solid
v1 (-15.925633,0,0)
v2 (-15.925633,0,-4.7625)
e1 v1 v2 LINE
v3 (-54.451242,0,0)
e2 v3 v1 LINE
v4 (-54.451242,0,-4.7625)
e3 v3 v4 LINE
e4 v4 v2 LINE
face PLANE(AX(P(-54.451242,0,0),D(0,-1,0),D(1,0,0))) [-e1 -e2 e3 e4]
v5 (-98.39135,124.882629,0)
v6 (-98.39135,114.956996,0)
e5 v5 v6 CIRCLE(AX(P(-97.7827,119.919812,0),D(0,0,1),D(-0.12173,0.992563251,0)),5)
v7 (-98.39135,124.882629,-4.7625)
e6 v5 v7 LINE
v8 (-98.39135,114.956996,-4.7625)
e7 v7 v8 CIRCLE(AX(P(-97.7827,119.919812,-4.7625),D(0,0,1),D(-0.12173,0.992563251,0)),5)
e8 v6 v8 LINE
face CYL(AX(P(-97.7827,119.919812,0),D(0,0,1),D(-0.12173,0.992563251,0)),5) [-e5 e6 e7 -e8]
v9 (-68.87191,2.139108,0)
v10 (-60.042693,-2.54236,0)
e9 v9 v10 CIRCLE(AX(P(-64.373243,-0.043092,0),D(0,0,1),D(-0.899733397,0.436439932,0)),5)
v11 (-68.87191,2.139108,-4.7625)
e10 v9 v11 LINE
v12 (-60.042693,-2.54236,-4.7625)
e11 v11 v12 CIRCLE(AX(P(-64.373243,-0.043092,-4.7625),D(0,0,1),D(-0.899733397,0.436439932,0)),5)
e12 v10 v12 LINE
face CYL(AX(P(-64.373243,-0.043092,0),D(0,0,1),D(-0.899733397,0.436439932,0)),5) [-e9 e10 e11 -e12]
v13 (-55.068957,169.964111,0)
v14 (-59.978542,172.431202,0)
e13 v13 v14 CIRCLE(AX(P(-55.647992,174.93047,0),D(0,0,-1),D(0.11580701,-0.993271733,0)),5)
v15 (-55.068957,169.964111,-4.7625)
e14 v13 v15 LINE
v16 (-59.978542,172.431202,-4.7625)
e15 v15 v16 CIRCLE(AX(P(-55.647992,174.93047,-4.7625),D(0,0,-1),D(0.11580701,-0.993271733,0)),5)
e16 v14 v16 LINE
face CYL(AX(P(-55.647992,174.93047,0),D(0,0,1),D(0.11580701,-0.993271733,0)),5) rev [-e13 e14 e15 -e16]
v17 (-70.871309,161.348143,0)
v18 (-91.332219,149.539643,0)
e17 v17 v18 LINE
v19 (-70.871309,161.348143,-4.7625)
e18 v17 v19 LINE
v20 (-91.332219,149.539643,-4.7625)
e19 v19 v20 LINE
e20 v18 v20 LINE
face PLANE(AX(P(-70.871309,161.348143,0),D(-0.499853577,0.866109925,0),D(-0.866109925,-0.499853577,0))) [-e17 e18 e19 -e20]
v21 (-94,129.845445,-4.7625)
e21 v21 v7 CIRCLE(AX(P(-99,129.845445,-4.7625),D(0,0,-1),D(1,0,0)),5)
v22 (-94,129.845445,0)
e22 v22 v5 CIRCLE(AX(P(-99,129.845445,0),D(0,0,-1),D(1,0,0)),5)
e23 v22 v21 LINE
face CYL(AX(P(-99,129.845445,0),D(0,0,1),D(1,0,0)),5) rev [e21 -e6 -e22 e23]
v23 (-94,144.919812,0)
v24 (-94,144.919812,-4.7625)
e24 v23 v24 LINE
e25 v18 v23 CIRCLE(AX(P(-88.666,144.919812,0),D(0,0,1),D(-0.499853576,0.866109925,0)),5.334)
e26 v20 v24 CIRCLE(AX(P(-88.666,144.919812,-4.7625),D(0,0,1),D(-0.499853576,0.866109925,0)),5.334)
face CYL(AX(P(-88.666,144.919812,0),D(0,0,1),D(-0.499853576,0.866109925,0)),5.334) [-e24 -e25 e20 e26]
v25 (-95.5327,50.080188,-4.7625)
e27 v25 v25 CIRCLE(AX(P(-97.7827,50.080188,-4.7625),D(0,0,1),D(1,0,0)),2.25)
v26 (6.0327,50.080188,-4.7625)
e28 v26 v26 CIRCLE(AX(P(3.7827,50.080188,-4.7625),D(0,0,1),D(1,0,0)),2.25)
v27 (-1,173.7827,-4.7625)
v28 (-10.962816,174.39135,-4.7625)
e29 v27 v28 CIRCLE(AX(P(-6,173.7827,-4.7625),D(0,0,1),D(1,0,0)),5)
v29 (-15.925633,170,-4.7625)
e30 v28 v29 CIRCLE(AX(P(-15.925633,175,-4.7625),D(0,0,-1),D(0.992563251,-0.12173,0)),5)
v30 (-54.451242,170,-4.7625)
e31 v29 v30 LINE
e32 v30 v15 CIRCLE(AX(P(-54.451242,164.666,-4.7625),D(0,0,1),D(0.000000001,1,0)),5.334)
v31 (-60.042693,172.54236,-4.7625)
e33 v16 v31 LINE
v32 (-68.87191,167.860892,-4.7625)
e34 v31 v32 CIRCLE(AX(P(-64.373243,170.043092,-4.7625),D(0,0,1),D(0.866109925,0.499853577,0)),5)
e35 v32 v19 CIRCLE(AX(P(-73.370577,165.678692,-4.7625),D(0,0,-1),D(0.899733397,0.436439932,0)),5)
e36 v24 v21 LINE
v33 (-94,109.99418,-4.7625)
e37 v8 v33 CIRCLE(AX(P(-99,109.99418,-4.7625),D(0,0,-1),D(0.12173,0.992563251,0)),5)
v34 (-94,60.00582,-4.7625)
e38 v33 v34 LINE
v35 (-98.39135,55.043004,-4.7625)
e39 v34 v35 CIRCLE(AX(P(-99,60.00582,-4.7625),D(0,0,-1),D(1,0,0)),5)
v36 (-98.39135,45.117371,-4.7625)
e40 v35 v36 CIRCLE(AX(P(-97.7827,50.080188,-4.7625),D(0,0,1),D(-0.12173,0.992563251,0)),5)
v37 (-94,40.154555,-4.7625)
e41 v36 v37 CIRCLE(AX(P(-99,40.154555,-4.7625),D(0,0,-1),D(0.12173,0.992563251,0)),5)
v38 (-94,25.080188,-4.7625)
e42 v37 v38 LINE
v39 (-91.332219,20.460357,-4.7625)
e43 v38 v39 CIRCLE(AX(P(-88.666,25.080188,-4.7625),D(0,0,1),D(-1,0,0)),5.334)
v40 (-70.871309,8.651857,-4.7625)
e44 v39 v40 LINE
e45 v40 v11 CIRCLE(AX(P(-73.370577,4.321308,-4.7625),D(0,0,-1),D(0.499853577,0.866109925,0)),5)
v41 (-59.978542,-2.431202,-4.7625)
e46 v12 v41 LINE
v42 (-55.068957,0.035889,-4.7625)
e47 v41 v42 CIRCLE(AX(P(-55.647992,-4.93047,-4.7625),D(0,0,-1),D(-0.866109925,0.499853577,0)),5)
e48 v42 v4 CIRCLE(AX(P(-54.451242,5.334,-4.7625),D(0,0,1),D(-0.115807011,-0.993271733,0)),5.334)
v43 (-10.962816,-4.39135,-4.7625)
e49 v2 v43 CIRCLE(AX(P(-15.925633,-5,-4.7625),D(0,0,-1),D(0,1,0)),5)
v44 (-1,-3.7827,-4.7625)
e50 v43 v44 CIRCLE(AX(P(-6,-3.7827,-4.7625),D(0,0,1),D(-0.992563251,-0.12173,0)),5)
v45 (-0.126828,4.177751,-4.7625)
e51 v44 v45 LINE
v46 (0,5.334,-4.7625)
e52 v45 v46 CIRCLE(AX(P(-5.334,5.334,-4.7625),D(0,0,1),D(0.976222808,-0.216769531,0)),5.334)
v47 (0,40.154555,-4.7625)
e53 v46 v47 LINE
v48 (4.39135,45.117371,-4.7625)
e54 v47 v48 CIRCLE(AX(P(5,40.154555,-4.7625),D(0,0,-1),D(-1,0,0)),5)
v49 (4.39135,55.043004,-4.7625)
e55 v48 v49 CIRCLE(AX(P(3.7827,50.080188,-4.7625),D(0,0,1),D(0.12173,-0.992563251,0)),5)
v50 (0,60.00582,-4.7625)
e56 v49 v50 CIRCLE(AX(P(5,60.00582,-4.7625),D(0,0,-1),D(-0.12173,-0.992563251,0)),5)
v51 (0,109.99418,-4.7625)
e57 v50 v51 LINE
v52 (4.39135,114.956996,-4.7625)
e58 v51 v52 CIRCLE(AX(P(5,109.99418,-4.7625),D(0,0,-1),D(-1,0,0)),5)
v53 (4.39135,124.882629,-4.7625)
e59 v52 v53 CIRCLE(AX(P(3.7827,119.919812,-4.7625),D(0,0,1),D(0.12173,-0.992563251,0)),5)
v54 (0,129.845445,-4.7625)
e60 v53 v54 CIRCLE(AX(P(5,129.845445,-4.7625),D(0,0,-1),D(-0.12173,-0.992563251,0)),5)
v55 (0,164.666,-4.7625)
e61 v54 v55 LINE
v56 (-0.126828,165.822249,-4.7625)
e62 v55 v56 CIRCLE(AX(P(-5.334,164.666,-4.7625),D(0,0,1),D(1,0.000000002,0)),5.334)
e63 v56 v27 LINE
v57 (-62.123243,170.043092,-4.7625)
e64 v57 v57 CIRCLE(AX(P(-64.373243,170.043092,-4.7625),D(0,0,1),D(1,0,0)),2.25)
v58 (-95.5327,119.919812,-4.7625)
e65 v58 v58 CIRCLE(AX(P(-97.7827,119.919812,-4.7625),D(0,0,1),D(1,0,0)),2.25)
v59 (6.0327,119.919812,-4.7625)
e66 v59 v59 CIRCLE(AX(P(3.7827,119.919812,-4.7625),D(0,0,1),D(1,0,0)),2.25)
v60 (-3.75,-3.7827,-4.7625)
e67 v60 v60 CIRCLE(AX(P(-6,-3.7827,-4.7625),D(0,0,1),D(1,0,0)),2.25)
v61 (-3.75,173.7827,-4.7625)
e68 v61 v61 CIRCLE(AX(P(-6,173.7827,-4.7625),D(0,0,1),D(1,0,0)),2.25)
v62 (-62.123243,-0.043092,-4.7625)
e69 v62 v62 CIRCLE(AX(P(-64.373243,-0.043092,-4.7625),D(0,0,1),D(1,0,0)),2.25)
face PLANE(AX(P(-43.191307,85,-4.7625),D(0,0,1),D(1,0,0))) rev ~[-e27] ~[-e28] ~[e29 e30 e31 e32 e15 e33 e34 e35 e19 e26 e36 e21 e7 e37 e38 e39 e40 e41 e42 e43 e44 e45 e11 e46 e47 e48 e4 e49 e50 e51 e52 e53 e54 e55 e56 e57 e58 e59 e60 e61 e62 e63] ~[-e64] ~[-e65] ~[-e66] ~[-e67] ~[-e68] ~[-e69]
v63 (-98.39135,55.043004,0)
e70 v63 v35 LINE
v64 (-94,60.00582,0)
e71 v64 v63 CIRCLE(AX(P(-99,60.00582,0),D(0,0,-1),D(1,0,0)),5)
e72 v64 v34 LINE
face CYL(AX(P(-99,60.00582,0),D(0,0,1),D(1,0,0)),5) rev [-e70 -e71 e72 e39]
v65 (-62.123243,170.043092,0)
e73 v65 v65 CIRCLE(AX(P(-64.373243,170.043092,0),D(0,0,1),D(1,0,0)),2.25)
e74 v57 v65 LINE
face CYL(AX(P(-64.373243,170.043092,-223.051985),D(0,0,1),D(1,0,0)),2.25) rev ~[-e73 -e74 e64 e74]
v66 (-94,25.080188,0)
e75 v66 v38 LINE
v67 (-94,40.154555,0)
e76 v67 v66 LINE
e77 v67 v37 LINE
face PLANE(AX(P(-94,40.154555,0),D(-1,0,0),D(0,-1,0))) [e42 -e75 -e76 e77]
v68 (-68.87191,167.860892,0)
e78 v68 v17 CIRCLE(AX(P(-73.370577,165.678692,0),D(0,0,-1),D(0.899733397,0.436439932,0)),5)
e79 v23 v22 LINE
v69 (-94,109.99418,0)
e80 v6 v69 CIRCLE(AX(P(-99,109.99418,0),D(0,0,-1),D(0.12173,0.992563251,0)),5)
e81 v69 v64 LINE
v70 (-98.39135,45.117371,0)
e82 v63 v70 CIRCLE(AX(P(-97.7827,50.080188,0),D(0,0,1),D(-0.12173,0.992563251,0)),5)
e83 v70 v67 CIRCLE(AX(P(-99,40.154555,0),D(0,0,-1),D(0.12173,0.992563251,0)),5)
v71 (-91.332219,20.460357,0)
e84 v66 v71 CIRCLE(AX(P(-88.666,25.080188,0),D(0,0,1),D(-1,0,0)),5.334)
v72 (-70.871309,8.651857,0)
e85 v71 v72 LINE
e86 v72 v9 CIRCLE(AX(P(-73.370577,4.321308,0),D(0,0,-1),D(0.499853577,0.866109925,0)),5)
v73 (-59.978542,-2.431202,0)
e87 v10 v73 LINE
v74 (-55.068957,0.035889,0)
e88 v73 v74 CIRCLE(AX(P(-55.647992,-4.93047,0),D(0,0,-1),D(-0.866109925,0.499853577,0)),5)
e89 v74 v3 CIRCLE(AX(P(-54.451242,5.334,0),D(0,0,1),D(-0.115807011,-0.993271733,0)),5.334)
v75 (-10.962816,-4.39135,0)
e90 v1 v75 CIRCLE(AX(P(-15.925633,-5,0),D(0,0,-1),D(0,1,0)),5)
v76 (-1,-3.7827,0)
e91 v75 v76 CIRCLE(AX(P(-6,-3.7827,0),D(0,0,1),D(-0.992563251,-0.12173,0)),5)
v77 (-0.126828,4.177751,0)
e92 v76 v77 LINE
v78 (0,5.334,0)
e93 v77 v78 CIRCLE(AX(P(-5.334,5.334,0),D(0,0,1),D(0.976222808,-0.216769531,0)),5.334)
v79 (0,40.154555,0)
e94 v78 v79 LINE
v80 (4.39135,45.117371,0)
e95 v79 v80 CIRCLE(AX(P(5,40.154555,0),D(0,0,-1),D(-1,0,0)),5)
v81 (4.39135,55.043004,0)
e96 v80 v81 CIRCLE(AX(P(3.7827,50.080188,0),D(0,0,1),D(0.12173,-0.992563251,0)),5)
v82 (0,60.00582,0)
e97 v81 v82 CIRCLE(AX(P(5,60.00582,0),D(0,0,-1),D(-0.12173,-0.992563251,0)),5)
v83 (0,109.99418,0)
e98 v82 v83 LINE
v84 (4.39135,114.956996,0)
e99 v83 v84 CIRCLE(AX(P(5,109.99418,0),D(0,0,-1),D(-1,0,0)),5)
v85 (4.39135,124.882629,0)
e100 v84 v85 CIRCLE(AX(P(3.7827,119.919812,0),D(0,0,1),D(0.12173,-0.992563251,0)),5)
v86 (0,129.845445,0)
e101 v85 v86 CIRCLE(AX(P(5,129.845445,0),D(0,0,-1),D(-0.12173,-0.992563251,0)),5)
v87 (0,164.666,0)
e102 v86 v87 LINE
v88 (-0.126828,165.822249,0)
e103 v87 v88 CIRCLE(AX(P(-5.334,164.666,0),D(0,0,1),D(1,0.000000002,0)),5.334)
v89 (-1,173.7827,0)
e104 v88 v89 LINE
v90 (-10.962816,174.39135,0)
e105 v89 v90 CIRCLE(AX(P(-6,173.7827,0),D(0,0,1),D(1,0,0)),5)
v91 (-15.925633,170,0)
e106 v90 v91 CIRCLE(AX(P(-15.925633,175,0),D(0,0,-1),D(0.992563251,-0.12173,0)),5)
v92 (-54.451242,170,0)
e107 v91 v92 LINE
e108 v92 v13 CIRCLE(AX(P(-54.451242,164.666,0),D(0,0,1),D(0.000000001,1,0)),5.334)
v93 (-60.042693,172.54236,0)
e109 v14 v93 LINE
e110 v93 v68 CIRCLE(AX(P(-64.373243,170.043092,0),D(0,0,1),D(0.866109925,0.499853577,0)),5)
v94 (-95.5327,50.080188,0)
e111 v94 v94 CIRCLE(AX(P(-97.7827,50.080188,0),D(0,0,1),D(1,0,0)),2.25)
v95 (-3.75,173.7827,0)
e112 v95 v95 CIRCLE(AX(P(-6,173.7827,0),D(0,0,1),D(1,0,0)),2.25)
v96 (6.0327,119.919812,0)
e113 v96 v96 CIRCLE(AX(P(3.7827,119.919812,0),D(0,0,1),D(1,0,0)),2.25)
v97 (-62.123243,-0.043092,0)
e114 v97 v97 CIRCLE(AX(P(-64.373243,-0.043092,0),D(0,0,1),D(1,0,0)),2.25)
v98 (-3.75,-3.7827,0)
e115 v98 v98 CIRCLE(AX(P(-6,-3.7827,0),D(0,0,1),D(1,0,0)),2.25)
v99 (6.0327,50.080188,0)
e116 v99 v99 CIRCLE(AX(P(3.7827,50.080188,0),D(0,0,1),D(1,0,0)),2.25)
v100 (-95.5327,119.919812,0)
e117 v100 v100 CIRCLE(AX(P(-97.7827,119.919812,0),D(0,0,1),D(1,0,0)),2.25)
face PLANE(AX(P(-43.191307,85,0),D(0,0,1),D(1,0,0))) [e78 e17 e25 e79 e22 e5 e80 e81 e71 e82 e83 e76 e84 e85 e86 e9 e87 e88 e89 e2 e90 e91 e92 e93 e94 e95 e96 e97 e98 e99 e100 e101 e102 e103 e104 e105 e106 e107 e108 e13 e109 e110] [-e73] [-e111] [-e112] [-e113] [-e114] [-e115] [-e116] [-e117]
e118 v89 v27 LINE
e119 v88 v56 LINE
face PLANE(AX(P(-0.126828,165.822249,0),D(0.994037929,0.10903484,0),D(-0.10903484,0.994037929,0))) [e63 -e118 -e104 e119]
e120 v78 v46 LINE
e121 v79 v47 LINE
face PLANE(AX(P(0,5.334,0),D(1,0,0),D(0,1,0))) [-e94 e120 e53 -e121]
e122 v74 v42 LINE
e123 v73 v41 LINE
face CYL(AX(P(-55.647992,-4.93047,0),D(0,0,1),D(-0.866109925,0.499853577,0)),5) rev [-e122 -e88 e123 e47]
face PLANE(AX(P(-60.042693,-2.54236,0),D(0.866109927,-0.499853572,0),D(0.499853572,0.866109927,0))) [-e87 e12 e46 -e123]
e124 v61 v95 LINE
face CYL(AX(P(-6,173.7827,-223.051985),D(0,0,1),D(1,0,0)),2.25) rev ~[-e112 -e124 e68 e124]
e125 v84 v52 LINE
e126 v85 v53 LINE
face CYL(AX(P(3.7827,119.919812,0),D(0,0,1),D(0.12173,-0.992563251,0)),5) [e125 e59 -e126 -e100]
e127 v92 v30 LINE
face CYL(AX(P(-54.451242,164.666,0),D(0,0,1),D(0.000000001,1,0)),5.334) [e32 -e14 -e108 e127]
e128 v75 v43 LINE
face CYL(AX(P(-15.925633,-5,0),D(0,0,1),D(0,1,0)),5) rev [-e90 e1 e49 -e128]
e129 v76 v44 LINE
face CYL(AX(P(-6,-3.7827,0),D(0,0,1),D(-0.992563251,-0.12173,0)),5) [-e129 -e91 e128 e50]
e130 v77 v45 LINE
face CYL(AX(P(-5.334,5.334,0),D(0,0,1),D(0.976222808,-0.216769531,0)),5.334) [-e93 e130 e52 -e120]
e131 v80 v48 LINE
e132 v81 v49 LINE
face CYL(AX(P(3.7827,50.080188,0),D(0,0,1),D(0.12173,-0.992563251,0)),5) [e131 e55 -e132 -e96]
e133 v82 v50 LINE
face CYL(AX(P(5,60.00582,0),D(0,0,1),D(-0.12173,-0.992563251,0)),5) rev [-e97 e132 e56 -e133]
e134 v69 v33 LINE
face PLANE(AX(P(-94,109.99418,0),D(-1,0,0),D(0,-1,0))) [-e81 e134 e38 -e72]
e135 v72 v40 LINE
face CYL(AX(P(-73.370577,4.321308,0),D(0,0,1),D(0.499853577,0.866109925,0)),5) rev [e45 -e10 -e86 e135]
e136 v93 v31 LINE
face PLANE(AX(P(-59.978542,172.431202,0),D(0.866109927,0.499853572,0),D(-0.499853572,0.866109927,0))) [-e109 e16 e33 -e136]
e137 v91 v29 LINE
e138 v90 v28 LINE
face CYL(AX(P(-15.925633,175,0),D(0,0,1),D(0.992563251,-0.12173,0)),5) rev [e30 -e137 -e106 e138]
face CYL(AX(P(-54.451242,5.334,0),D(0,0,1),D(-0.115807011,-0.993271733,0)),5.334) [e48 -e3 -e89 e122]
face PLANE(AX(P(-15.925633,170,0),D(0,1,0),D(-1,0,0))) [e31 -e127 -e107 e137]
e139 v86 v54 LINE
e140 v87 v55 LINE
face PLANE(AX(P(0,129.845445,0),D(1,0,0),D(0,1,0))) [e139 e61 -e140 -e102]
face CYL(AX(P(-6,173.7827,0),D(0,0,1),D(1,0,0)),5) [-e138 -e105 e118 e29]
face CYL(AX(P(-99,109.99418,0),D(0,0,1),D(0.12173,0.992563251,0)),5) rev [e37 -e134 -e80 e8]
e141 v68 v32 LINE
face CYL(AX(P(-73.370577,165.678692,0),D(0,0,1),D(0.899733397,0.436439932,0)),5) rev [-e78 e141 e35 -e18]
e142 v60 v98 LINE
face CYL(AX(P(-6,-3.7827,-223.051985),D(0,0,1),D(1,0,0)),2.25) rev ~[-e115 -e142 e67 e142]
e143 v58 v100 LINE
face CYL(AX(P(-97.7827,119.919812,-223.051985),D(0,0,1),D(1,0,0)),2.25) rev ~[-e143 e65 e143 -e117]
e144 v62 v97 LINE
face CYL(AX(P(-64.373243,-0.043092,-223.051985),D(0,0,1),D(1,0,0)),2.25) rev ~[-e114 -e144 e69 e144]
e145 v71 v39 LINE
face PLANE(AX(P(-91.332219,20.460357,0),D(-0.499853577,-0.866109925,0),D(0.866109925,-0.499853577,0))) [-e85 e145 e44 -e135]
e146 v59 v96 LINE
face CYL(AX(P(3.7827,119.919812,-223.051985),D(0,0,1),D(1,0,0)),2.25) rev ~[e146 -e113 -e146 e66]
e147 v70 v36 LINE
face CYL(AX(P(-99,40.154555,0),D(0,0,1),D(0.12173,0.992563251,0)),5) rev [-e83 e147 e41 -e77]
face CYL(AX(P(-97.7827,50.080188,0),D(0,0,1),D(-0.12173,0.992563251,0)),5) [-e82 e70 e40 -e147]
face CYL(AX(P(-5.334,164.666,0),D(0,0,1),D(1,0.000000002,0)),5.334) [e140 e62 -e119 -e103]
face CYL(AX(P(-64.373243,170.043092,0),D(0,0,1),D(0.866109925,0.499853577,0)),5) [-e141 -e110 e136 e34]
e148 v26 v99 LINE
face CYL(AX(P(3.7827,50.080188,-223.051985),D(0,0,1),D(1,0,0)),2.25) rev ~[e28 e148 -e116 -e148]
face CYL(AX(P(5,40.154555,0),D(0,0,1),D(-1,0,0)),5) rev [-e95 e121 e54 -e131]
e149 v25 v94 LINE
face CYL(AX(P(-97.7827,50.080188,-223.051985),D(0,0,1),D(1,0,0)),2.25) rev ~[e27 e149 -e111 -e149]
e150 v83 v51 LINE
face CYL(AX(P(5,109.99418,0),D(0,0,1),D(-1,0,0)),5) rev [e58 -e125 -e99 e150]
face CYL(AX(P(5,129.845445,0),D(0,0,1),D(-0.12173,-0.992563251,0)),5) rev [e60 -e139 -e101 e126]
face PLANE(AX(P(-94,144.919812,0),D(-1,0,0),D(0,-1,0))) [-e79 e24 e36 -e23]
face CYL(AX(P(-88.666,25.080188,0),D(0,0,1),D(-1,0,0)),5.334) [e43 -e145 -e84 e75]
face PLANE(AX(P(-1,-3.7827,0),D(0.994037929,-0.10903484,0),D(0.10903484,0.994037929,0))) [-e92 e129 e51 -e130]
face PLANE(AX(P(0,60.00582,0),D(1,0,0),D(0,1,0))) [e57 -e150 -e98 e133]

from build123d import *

# Parameters (mm, degrees)
BOSS_EXTRUDE1_DEPTH  = 4.7625
M4_CLEARANCE_HOLE1_D = 4.5


with BuildPart() as part:
    # Sketch1 → Boss-Extrude1 (new body)
    with BuildSketch(Plane.XY):
        with BuildLine():
            Line((-94, 144.919812433), (-94, 129.845444943))
            ThreePointArc((-94, 129.845444943), (-95.255453966, 126.532081848), (-98.39135, 124.882628688))
            ThreePointArc((-98.39135, 124.882628688), (-102.7827, 119.919812433), (-98.39135, 114.956996179))
            ThreePointArc((-98.39135, 114.956996179), (-95.255453966, 113.307543019), (-94, 109.994179924))
            Line((-94, 109.994179924), (-94, 60.005820076))
            ThreePointArc((-94, 60.005820076), (-95.255453966, 56.692456981), (-98.39135, 55.043003821))
            ThreePointArc((-98.39135, 55.043003821), (-102.7827, 50.080187567), (-98.39135, 45.117371312))
            ThreePointArc((-98.39135, 45.117371312), (-95.255453966, 43.467918152), (-94, 40.154555057))
            Line((-94, 40.154555057), (-94, 25.080187567))
            ThreePointArc((-94, 25.080187567), (-93.285154037, 22.412797084), (-91.332218978, 20.460357228))
            Line((-91.332218978, 20.460357228), (-70.871308953, 8.651857213))
            ThreePointArc((-70.871308953, 8.651857213), (-68.590749548, 5.788703611), (-68.871909852, 2.13910793))
            ThreePointArc((-68.871909852, 2.13910793), (-66.715485478, -4.460545697), (-60.042693242, -2.542359614))
            Line((-60.042693242, -2.542359614), (-59.97854154, -2.431202209))
            ThreePointArc((-59.97854154, -2.431202209), (-57.893008537, -0.462819662), (-55.068956864, 0.035888574))
            ThreePointArc((-55.068956864, 0.035888574), (-54.760620401, 0.008979702), (-54.451242271, 0))
            Line((-54.451242271, 0), (-15.925632509, 0))
            ThreePointArc((-15.925632509, 0), (-12.612269414, -1.255453966), (-10.962816255, -4.39135))
            ThreePointArc((-10.962816255, -4.39135), (-5.69510762, -8.773395406), (-1, -3.7827))
            Line((-1, -3.7827), (-0.126827546, 4.177751308))
            ThreePointArc((-0.126827546, 4.177751308), (-0.031801689, 4.752408162), (0, 5.334))
            Line((0, 5.334), (0, 40.154555057))
            ThreePointArc((0, 40.154555057), (1.255453966, 43.467918152), (4.39135, 45.117371312))
            ThreePointArc((4.39135, 45.117371312), (8.7827, 50.080187567), (4.39135, 55.043003821))
            ThreePointArc((4.39135, 55.043003821), (1.255453966, 56.692456981), (0, 60.005820076))
            Line((0, 60.005820076), (0, 109.994179924))
            ThreePointArc((0, 109.994179924), (1.255453966, 113.307543019), (4.39135, 114.956996179))
            ThreePointArc((4.39135, 114.956996179), (8.7827, 119.919812433), (4.39135, 124.882628688))
            ThreePointArc((4.39135, 124.882628688), (1.255453966, 126.532081848), (0, 129.845444943))
            Line((0, 129.845444943), (0, 164.666))
            ThreePointArc((0, 164.666), (-0.031801689, 165.247591838), (-0.126827546, 165.822248692))
            Line((-0.126827546, 165.822248692), (-1, 173.7827))
            ThreePointArc((-1, 173.7827), (-5.69510762, 178.773395406), (-10.962816255, 174.39135))
            ThreePointArc((-10.962816255, 174.39135), (-12.612269414, 171.255453966), (-15.925632509, 170))
            Line((-15.925632509, 170), (-54.451242271, 170))
            ThreePointArc((-54.451242271, 170), (-54.760620401, 169.991020298), (-55.068956864, 169.964111426))
            ThreePointArc((-55.068956864, 169.964111426), (-57.893008537, 170.462819662), (-59.97854154, 172.431202209))
            Line((-59.97854154, 172.431202209), (-60.042693242, 172.542359614))
            ThreePointArc((-60.042693242, 172.542359614), (-66.715485478, 174.460545697), (-68.871909852, 167.86089207))
            ThreePointArc((-68.871909852, 167.86089207), (-68.590749548, 164.211296389), (-70.871308953, 161.348142787))
            Line((-70.871308953, 161.348142787), (-91.332218978, 149.539642772))
            ThreePointArc((-91.332218978, 149.539642772), (-93.285154037, 147.587202916), (-94, 144.919812433))
        make_face()
    extrude(amount=-BOSS_EXTRUDE1_DEPTH)

    # M4 Clearance Hole1 (through all)
    with Locations(Plane(origin=(0, 0, -4.7625), x_dir=(-1, 0, 0), z_dir=(0, 0, -1))):
        with Locations((6, -3.7827), (-3.7827, 50.080187567), (-3.7827, 119.919812433), (6, 173.7827), (64.373242866, 170.04309173), (97.7827, 119.919812433), (97.7827, 50.080187567), (64.373242866, -0.04309173)):
            Hole(M4_CLEARANCE_HOLE1_D / 2)


solid = part.part
